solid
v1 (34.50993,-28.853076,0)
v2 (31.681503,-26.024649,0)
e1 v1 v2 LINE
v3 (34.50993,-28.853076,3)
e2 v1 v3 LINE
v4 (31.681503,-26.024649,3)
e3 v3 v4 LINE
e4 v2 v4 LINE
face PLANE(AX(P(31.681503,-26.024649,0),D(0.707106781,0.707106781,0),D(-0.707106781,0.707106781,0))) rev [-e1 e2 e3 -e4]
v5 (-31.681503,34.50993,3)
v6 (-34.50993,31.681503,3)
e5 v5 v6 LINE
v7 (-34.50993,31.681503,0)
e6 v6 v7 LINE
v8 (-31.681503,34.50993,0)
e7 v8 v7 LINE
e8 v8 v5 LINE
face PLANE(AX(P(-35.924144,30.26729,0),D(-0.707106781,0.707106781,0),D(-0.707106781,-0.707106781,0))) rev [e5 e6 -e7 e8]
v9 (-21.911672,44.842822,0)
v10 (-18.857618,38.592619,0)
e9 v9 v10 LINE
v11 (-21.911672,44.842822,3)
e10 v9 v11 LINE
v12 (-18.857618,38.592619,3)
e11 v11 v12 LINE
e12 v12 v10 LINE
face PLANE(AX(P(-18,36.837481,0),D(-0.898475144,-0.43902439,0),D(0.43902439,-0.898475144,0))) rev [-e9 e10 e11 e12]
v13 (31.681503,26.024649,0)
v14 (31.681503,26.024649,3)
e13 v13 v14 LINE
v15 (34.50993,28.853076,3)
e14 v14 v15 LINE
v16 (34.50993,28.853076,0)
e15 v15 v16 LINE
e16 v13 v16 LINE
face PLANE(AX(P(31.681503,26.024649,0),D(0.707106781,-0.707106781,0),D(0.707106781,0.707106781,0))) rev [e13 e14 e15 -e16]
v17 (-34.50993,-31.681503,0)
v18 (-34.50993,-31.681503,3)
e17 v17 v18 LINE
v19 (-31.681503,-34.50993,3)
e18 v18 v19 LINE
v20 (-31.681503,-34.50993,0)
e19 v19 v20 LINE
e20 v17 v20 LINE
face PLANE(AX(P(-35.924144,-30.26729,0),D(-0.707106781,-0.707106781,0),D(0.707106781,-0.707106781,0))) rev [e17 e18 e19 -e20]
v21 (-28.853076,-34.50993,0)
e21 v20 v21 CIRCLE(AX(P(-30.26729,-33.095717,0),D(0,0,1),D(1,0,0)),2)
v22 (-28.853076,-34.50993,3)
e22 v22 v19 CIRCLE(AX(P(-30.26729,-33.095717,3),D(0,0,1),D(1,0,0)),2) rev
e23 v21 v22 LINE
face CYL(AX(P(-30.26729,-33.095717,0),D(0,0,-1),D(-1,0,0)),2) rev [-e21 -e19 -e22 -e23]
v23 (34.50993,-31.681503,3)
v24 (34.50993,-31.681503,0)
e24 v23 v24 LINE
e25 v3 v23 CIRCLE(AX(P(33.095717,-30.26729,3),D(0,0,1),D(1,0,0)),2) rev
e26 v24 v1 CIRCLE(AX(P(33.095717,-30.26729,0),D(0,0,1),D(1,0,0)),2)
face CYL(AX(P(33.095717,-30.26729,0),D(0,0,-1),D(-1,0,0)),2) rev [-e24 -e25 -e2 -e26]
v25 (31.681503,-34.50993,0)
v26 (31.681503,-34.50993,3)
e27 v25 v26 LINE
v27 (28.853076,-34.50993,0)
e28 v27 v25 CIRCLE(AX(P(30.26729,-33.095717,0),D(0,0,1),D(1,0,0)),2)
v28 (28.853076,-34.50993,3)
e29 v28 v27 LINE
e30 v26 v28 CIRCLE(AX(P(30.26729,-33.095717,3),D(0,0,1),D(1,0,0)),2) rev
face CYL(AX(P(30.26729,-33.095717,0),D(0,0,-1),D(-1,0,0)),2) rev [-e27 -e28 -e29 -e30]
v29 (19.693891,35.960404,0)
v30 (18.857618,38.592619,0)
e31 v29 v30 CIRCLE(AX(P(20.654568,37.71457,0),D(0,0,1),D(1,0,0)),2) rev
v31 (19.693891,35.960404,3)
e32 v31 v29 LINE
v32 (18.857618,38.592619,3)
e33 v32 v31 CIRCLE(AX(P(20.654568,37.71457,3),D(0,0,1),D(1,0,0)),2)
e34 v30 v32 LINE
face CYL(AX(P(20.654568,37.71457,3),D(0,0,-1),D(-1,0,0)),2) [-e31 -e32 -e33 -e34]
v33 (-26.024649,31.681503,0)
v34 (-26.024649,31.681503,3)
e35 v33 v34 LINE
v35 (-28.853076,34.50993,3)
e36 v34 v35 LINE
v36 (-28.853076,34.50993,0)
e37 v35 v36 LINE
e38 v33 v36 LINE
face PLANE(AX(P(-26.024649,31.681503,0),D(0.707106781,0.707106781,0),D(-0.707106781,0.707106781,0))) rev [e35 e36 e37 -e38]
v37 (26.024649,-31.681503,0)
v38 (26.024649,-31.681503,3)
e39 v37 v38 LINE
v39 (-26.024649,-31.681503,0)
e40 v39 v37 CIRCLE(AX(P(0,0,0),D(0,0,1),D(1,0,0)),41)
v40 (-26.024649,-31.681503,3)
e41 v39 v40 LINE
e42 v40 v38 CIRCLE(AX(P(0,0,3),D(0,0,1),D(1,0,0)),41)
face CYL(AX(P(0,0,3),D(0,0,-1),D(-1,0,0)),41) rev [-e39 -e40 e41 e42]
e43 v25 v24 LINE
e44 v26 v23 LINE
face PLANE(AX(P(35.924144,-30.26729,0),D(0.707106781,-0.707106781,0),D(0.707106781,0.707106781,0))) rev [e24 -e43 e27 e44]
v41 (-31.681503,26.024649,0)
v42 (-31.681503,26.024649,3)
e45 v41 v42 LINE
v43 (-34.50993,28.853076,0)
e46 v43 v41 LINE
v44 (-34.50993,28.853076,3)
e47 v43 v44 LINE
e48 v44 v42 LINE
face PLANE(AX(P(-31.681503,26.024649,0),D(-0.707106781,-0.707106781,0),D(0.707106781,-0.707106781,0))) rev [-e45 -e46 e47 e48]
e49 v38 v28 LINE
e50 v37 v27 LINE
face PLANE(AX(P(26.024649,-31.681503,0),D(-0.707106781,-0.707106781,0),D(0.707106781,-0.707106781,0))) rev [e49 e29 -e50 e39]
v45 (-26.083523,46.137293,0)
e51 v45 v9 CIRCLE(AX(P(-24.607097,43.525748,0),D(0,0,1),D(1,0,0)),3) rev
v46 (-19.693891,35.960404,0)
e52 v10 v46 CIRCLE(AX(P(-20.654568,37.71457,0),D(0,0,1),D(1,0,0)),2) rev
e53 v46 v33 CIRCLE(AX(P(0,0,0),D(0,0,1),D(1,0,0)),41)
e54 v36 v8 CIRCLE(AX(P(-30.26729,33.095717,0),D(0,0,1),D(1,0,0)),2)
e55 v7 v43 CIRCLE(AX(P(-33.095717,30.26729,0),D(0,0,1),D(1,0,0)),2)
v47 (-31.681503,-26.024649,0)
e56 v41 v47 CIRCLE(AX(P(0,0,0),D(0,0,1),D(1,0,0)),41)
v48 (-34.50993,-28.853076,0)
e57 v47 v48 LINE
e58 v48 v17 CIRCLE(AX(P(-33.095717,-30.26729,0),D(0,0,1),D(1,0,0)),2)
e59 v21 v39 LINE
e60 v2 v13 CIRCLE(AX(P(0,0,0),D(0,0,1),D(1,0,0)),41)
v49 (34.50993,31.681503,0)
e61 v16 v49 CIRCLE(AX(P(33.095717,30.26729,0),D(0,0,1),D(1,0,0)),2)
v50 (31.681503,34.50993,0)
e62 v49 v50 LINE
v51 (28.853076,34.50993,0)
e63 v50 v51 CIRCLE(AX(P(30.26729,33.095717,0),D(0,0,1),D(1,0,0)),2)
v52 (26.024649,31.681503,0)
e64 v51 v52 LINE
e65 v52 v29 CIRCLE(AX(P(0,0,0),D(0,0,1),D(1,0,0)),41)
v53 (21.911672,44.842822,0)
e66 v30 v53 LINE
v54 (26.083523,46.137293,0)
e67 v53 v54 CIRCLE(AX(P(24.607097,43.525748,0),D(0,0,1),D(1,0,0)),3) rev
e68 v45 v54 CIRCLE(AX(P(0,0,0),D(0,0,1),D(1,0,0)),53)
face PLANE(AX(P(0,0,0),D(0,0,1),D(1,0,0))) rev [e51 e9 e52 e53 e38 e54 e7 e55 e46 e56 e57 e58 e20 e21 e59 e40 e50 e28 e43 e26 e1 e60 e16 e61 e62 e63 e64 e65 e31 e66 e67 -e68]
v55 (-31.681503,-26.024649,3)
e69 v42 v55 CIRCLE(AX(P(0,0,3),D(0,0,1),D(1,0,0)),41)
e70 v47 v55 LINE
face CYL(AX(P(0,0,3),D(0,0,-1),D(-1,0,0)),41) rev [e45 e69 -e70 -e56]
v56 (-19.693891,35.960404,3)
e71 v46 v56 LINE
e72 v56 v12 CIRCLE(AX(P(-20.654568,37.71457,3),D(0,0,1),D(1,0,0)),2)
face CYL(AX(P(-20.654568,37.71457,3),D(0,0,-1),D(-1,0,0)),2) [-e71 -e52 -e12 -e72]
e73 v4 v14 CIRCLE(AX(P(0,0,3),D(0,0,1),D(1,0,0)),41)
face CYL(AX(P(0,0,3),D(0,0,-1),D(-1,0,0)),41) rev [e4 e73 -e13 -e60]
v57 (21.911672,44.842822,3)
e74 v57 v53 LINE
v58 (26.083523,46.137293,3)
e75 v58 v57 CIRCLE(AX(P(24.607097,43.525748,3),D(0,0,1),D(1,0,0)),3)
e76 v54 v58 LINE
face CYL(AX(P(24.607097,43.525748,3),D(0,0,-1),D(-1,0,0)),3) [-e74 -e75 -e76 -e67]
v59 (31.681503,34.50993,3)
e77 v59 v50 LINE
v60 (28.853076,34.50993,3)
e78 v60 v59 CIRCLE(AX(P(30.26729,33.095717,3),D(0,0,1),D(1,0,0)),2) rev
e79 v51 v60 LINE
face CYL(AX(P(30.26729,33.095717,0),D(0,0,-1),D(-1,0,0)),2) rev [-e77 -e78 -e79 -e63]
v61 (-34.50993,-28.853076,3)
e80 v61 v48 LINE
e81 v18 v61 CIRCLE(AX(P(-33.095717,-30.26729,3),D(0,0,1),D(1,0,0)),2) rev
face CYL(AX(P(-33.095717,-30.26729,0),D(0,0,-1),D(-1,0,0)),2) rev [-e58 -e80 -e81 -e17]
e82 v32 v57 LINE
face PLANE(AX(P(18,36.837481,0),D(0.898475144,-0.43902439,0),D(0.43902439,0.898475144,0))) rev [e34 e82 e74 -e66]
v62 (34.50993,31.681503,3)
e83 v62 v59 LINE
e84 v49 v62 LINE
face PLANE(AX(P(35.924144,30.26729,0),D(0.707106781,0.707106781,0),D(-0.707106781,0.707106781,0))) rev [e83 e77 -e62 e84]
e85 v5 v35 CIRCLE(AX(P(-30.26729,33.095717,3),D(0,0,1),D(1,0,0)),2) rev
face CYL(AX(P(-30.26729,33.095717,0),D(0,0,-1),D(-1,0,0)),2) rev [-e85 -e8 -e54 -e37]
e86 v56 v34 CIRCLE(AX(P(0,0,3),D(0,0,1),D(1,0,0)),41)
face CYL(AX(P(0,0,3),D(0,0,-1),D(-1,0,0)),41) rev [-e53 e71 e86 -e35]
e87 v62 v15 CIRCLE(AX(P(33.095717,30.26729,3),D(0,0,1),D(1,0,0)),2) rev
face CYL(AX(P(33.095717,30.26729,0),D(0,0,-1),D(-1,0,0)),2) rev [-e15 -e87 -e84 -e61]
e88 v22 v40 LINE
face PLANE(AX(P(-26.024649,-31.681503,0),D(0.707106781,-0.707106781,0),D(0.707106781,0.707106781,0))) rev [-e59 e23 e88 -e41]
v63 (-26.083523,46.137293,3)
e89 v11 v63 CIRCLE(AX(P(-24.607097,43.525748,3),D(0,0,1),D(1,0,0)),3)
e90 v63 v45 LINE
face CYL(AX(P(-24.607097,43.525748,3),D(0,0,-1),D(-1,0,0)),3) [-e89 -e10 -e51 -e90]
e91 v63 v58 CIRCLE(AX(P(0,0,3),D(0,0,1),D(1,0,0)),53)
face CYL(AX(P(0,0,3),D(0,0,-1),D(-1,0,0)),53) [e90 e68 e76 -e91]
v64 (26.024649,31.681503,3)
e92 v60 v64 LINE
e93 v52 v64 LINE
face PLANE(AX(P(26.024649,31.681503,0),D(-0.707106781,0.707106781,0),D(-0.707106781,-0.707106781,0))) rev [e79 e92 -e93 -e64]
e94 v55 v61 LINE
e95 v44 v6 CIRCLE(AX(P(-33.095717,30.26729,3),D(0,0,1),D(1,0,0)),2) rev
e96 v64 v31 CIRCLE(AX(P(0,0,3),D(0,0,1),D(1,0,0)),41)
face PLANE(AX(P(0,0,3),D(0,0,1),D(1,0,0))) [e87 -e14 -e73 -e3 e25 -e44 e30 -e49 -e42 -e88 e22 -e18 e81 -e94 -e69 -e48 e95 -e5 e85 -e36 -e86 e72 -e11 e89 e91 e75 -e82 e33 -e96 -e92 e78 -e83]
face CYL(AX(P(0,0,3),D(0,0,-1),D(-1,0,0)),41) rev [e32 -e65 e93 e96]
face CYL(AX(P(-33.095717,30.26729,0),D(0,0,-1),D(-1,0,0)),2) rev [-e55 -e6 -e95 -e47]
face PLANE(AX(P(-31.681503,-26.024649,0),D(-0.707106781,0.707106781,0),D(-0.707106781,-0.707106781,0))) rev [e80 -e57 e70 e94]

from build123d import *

# Parameters (mm, degrees)
ESQUISSE1_R                  = 53
ESQUISSE1_R_2                = 41
BOSS_EXTRU_1_DEPTH           = 3
ENL_V_MAT_EXTRU_1_DEPTH      = 76.013332148
ENL_V_MAT_EXTRU_1_DEPTH_BACK = 76.013332148
ENL_V_MAT_EXTRU_2_DEPTH      = 76.013332148
ENL_V_MAT_EXTRU_2_DEPTH_BACK = 76.013332148
CONG_1_R                     = 3
CONG_2_R                     = 2


with BuildPart() as part:
    # Esquisse1 → Boss.-Extru.1 (new body)
    with BuildSketch(Plane.XY):
        Circle(ESQUISSE1_R)
        Circle(ESQUISSE1_R_2, mode=Mode.SUBTRACT)
    extrude(amount=BOSS_EXTRU_1_DEPTH)

    # Esquisse2 → Enlèv. mat.-Extru.1 (cut, two sides: drawn at the far end of the back side and taken through both)
    with BuildSketch(Plane.XY.offset(3).offset(-ENL_V_MAT_EXTRU_1_DEPTH_BACK)):
        with BuildLine():
            Line((-18, 36.837480913), (-23.268292683, 47.619182643))
            ThreePointArc((-23.268292683, 47.619182643), (0, 53), (23.268292683, 47.619182643))
            Line((23.268292683, 47.619182643), (18, 36.837480913))
            ThreePointArc((18, 36.837480913), (0, 41), (-18, 36.837480913))
        make_face()
    extrude(amount=ENL_V_MAT_EXTRU_1_DEPTH + ENL_V_MAT_EXTRU_1_DEPTH_BACK, mode=Mode.SUBTRACT)

    # Esquisse3 → Enlèv. mat.-Extru.2 (cut, two sides: drawn at the far end of the back side and taken through both)
    with BuildSketch(Plane.XY.offset(3).offset(-ENL_V_MAT_EXTRU_2_DEPTH_BACK)):
        Polygon((26.024648968, -31.681503217), (31.681503217, -26.024648968), (35.924143904, -30.267289655), (30.267289655, -35.924143904), align=None)
        Polygon((-26.024648968, -31.681503217), (-30.267289655, -35.924143904), (-35.924143904, -30.267289655), (-31.681503217, -26.024648968), align=None)
        Polygon((-26.024648968, 31.681503217), (-31.681503217, 26.024648968), (-35.924143904, 30.267289655), (-30.267289655, 35.924143904), align=None)
        Polygon((26.024648968, 31.681503217), (30.267289655, 35.924143904), (35.924143904, 30.267289655), (31.681503217, 26.024648968), align=None)
    extrude(amount=ENL_V_MAT_EXTRU_2_DEPTH + ENL_V_MAT_EXTRU_2_DEPTH_BACK, mode=Mode.SUBTRACT)

    # Congé1
    cong_1_edges = [part.edges().sort_by_distance(p)[0] for p in [
        (-23.268292683, 47.619182643, 1.5),
        (23.268292683, 47.619182643, 1.5),
    ]]
    fillet(cong_1_edges, radius=CONG_1_R)

    # Congé2
    cong_2_edges = [part.edges().sort_by_distance(p)[0] for p in [
        (18, 36.837480913, 1.5),
        (-18, 36.837480913, 1.5),
        (30.267289655, 35.924143904, 1.5),
        (35.924143904, 30.267289655, 1.5),
        (-30.267289655, 35.924143904, 1.5),
        (-35.924143904, 30.267289655, 1.5),
        (-30.267289655, -35.924143904, 1.5),
        (-35.924143904, -30.267289655, 1.5),
        (35.924143904, -30.267289655, 1.5),
        (30.267289655, -35.924143904, 1.5),
    ]]
    fillet(cong_2_edges, radius=CONG_2_R)


solid = part.part
